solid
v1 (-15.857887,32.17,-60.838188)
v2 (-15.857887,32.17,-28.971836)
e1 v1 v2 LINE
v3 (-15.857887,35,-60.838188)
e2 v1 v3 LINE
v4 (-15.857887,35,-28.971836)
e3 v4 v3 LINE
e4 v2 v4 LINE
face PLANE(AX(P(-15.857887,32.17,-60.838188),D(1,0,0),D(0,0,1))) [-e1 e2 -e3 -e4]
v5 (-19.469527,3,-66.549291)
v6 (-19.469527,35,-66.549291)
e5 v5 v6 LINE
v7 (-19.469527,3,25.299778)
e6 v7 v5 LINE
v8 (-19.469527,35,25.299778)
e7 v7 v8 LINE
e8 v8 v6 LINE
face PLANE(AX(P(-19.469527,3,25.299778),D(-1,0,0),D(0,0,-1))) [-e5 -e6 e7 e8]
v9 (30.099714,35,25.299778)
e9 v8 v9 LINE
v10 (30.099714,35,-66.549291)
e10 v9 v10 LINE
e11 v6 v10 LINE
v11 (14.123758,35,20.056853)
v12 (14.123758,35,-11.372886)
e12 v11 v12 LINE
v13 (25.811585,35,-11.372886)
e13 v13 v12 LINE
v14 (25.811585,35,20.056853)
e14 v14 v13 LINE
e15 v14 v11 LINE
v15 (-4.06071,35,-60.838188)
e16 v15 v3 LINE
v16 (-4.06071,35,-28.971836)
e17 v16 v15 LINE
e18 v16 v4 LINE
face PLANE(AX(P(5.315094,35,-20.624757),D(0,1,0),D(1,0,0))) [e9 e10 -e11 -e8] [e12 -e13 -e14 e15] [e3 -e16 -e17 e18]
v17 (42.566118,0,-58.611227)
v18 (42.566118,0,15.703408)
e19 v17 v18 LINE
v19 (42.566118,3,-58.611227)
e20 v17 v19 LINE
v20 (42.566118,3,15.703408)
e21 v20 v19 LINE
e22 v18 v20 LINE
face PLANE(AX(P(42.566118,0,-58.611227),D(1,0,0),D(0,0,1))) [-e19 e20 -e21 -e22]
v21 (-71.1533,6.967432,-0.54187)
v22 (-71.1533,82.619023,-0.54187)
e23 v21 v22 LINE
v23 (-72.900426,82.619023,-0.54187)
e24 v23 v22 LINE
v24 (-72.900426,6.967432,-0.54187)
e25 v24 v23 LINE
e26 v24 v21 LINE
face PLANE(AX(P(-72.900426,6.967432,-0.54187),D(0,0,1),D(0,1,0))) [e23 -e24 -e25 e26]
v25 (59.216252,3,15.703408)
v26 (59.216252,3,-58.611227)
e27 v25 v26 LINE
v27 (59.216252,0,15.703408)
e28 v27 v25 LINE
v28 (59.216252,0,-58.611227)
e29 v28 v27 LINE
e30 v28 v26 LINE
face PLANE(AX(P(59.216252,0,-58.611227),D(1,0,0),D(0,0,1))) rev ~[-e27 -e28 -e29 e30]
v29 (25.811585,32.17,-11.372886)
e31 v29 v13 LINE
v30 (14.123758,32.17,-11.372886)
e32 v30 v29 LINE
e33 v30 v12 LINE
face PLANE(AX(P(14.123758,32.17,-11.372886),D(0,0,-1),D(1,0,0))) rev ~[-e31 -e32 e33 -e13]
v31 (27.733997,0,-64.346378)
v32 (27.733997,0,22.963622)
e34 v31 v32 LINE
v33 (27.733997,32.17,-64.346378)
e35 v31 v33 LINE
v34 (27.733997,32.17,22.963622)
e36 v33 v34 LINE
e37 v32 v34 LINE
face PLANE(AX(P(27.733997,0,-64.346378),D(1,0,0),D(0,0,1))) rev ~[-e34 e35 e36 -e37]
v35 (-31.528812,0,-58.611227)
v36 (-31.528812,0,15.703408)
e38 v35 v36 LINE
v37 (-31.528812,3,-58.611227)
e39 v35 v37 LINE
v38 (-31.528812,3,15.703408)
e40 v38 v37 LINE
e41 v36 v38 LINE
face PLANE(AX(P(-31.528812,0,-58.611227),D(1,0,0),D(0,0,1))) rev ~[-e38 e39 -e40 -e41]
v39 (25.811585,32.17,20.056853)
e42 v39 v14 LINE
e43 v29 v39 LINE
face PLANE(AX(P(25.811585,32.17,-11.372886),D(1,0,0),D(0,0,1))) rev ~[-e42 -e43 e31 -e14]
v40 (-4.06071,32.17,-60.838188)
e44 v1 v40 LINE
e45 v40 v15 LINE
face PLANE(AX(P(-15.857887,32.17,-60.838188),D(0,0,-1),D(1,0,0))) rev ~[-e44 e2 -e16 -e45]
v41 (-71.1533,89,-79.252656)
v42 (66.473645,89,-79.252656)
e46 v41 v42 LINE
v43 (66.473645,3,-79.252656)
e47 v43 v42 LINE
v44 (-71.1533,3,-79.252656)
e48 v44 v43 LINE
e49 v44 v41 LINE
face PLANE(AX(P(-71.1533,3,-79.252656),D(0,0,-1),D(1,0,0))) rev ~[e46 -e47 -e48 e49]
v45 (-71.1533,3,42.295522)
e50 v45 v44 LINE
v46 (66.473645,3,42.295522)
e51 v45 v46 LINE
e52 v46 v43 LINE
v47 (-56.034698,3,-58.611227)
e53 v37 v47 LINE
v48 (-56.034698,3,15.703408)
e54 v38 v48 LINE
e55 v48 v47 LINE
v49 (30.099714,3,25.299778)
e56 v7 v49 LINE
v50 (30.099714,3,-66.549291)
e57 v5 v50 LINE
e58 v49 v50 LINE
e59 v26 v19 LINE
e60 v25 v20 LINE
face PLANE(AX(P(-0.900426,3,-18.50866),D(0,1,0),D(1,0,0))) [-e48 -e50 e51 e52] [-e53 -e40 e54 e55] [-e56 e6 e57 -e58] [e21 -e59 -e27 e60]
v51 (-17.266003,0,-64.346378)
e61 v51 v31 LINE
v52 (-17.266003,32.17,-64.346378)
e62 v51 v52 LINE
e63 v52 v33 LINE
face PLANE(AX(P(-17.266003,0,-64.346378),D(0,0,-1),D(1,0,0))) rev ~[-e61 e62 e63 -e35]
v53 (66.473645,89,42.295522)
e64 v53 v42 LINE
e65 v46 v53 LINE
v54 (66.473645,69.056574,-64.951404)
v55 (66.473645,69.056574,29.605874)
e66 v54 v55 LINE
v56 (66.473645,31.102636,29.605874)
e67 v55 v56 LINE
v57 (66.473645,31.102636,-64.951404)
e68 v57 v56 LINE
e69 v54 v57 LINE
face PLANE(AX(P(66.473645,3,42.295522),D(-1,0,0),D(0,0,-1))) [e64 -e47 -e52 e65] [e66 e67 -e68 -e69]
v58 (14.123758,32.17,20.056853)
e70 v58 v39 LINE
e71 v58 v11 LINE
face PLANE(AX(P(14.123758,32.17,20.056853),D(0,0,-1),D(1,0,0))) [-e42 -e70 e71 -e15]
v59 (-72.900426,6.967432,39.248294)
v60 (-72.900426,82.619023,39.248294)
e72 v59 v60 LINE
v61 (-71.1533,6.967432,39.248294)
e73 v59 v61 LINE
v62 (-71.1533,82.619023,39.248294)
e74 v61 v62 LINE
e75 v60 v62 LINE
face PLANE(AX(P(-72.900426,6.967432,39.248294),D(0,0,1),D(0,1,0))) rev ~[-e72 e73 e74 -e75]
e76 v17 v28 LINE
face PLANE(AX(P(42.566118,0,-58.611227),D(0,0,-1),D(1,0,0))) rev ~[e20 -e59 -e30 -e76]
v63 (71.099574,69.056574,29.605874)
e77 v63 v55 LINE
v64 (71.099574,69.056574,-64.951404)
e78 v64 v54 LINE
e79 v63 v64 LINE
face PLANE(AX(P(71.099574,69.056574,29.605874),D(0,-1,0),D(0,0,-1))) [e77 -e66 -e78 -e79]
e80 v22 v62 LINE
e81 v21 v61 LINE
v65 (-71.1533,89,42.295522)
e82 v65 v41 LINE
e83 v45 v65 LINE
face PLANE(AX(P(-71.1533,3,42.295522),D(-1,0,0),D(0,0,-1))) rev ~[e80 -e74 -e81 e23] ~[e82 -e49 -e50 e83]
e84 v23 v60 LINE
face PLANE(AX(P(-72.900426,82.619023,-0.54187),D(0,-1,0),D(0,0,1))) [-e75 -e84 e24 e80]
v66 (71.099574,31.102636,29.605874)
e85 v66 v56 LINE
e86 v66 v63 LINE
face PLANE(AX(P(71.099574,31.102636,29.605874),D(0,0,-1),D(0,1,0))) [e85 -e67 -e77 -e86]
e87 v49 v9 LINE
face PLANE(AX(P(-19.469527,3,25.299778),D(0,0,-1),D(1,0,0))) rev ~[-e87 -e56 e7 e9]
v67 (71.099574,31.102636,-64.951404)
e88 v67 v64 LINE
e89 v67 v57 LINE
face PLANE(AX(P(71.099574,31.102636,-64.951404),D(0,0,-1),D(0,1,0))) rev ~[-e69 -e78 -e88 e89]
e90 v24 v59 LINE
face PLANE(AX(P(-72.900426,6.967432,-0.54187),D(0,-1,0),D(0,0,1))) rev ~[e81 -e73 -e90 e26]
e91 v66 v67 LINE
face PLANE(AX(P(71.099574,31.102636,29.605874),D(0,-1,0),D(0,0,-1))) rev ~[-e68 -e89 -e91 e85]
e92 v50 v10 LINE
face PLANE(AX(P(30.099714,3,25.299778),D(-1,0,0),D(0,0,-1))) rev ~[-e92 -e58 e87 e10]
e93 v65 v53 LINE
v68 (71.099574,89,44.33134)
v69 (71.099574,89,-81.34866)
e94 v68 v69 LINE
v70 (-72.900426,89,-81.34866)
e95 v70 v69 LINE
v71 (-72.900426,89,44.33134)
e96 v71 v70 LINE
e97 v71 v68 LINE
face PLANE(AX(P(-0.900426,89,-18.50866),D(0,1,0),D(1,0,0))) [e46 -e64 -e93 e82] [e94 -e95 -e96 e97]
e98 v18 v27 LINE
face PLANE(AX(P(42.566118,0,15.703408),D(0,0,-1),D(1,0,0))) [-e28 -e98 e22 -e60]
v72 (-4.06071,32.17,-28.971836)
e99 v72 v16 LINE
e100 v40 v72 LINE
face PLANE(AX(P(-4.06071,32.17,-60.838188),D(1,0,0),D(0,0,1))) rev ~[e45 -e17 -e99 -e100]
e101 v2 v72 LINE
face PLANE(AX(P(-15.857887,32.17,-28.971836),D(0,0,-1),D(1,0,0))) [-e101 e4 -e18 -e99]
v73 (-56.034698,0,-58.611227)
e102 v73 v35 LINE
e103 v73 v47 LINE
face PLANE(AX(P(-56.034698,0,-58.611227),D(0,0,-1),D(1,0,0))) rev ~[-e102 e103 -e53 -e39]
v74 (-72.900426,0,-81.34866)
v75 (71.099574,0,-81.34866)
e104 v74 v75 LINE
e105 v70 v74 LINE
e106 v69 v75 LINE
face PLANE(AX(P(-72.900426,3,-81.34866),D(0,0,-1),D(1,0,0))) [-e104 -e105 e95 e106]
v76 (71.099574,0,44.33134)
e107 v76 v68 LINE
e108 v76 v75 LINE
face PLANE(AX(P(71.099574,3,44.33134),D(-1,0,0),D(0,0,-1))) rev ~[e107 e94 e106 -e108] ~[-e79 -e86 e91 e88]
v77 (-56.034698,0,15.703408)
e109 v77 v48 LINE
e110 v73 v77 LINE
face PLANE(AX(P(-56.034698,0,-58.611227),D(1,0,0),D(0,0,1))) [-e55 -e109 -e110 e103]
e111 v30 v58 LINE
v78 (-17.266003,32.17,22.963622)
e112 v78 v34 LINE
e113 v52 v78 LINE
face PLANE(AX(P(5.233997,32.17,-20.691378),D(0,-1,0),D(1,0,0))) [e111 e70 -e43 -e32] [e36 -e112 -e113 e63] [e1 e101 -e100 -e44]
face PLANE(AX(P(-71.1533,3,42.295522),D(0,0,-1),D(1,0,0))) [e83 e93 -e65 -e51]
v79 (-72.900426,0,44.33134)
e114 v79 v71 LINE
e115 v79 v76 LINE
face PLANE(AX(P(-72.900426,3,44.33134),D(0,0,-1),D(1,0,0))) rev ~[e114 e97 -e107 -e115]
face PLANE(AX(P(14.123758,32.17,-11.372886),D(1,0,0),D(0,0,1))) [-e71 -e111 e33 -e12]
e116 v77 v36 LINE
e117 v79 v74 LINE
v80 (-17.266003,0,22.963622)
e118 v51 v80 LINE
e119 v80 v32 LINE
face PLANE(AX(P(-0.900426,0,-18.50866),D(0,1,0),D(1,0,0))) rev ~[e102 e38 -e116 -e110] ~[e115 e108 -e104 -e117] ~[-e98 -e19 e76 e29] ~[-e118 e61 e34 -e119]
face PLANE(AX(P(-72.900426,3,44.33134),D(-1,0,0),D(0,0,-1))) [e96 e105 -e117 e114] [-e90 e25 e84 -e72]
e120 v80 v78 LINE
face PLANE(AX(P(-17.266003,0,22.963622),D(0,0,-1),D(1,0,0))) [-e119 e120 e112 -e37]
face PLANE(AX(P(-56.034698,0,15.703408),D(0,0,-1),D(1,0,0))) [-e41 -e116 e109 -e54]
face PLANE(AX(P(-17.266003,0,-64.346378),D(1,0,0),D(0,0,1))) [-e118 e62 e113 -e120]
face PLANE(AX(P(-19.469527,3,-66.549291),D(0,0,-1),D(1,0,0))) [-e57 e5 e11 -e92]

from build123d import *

# Parameters (mm, degrees)
SKETCH1_W           = 144
SKETCH1_H           = 125.68
BOSS_EXTRUDE1_DEPTH = 3
SKETCH2_W           = 144
SKETCH2_H           = 125.68
SKETCH2_W_2         = 137.62694519
SKETCH2_H_2         = 121.548177757
BOSS_EXTRUDE2_DEPTH = 86
SKETCH4_W           = 94.55727782
SKETCH4_H           = 37.953937335
CUT_EXTRUDE1_DEPTH  = 20
SKETCH6_W           = 39.790164022
SKETCH6_H           = 75.651590962
CUT_EXTRUDE3_DEPTH  = 20
SKETCH8_W           = 49.5692413
SKETCH8_H           = 91.849069086
BOSS_EXTRUDE3_DEPTH = 32
SKETCH7_W           = 45
SKETCH7_H           = 87.31
CUT_EXTRUDE4_DEPTH  = 32.17
SKETCH9_W           = 11.79717637
SKETCH9_H           = 31.86635219
CUT_EXTRUDE5_DEPTH  = 40
SKETCH10_W          = 11.687827299
SKETCH10_H          = 31.429738741
CUT_EXTRUDE6_DEPTH  = 40
SKETCH11_W          = 16.650134538
SKETCH11_H          = 74.314635754
SKETCH11_W_2        = 24.505886262
CUT_EXTRUDE7_DEPTH  = 40


with BuildPart() as part:
    # Sketch1 → Boss-Extrude1 (new body)
    with BuildSketch(Plane(origin=(0, 0, 0), x_dir=(1, 0, 0), z_dir=(0, 1, 0))):
        with Locations((-0.900426333, 18.508659662)):
            Rectangle(SKETCH1_W, SKETCH1_H)
    extrude(amount=BOSS_EXTRUDE1_DEPTH)

    # Sketch2 → Boss-Extrude2 (add)
    with BuildSketch(Plane(origin=(0, 3, 0), x_dir=(1, 0, 0), z_dir=(0, 1, 0))):
        with Locations((-0.900426333, 18.508659662)):
            Rectangle(SKETCH2_W, SKETCH2_H)
        with Locations((-2.339827632, 18.478566742)):
            Rectangle(SKETCH2_W_2, SKETCH2_H_2, mode=Mode.SUBTRACT)
    extrude(amount=BOSS_EXTRUDE2_DEPTH)

    # Sketch4 → Cut-Extrude1 (cut)
    with BuildSketch(Plane(origin=(71.099573667, 0, 0), x_dir=(0, 0, -1), z_dir=(1, 0, 0))):
        with Locations((17.672764627, 50.079604952)):
            Rectangle(SKETCH4_W, SKETCH4_H)
    extrude(amount=-CUT_EXTRUDE1_DEPTH, mode=Mode.SUBTRACT)

    # Sketch6 → Cut-Extrude3 (cut)
    with BuildSketch(Plane.ZY.offset(72.900426333)):
        with Locations((19.353212204, 44.793227562)):
            Rectangle(SKETCH6_W, SKETCH6_H)
    extrude(amount=-CUT_EXTRUDE3_DEPTH, mode=Mode.SUBTRACT)

    # Sketch8 → Boss-Extrude3 (add)
    with BuildSketch(Plane(origin=(0, 3, 0), x_dir=(1, 0, 0), z_dir=(0, 1, 0))):
        with Locations((5.315093732, 20.62475692)):
            Rectangle(SKETCH8_W, SKETCH8_H)
    extrude(amount=BOSS_EXTRUDE3_DEPTH)

    # Sketch7 → Cut-Extrude4 (cut)
    with BuildSketch(Plane.XZ):
        with Locations((5.233997278, -20.691377503)):
            Rectangle(SKETCH7_W, SKETCH7_H)
    extrude(amount=-CUT_EXTRUDE4_DEPTH, mode=Mode.SUBTRACT)

    # Sketch9 → Cut-Extrude5 (cut)
    with BuildSketch(Plane.XZ.offset(-32.17)):
        with Locations((-9.959298471, -44.905011983)):
            Rectangle(SKETCH9_W, SKETCH9_H)
    extrude(amount=-CUT_EXTRUDE5_DEPTH, mode=Mode.SUBTRACT)

    # Sketch10 → Cut-Extrude6 (cut)
    with BuildSketch(Plane.XZ.offset(-32.17)):
        with Locations((19.967671673, 4.341983418)):
            Rectangle(SKETCH10_W, SKETCH10_H)
    extrude(amount=-CUT_EXTRUDE6_DEPTH, mode=Mode.SUBTRACT)

    # Sketch11 → Cut-Extrude7 (cut)
    with BuildSketch(Plane.XZ):
        with Locations((50.891184892, -21.453909531)):
            Rectangle(SKETCH11_W, SKETCH11_H)
        with Locations((-43.781754887, -21.453909531)):
            Rectangle(SKETCH11_W_2, SKETCH11_H)
    extrude(amount=-CUT_EXTRUDE7_DEPTH, mode=Mode.SUBTRACT)


solid = part.part
